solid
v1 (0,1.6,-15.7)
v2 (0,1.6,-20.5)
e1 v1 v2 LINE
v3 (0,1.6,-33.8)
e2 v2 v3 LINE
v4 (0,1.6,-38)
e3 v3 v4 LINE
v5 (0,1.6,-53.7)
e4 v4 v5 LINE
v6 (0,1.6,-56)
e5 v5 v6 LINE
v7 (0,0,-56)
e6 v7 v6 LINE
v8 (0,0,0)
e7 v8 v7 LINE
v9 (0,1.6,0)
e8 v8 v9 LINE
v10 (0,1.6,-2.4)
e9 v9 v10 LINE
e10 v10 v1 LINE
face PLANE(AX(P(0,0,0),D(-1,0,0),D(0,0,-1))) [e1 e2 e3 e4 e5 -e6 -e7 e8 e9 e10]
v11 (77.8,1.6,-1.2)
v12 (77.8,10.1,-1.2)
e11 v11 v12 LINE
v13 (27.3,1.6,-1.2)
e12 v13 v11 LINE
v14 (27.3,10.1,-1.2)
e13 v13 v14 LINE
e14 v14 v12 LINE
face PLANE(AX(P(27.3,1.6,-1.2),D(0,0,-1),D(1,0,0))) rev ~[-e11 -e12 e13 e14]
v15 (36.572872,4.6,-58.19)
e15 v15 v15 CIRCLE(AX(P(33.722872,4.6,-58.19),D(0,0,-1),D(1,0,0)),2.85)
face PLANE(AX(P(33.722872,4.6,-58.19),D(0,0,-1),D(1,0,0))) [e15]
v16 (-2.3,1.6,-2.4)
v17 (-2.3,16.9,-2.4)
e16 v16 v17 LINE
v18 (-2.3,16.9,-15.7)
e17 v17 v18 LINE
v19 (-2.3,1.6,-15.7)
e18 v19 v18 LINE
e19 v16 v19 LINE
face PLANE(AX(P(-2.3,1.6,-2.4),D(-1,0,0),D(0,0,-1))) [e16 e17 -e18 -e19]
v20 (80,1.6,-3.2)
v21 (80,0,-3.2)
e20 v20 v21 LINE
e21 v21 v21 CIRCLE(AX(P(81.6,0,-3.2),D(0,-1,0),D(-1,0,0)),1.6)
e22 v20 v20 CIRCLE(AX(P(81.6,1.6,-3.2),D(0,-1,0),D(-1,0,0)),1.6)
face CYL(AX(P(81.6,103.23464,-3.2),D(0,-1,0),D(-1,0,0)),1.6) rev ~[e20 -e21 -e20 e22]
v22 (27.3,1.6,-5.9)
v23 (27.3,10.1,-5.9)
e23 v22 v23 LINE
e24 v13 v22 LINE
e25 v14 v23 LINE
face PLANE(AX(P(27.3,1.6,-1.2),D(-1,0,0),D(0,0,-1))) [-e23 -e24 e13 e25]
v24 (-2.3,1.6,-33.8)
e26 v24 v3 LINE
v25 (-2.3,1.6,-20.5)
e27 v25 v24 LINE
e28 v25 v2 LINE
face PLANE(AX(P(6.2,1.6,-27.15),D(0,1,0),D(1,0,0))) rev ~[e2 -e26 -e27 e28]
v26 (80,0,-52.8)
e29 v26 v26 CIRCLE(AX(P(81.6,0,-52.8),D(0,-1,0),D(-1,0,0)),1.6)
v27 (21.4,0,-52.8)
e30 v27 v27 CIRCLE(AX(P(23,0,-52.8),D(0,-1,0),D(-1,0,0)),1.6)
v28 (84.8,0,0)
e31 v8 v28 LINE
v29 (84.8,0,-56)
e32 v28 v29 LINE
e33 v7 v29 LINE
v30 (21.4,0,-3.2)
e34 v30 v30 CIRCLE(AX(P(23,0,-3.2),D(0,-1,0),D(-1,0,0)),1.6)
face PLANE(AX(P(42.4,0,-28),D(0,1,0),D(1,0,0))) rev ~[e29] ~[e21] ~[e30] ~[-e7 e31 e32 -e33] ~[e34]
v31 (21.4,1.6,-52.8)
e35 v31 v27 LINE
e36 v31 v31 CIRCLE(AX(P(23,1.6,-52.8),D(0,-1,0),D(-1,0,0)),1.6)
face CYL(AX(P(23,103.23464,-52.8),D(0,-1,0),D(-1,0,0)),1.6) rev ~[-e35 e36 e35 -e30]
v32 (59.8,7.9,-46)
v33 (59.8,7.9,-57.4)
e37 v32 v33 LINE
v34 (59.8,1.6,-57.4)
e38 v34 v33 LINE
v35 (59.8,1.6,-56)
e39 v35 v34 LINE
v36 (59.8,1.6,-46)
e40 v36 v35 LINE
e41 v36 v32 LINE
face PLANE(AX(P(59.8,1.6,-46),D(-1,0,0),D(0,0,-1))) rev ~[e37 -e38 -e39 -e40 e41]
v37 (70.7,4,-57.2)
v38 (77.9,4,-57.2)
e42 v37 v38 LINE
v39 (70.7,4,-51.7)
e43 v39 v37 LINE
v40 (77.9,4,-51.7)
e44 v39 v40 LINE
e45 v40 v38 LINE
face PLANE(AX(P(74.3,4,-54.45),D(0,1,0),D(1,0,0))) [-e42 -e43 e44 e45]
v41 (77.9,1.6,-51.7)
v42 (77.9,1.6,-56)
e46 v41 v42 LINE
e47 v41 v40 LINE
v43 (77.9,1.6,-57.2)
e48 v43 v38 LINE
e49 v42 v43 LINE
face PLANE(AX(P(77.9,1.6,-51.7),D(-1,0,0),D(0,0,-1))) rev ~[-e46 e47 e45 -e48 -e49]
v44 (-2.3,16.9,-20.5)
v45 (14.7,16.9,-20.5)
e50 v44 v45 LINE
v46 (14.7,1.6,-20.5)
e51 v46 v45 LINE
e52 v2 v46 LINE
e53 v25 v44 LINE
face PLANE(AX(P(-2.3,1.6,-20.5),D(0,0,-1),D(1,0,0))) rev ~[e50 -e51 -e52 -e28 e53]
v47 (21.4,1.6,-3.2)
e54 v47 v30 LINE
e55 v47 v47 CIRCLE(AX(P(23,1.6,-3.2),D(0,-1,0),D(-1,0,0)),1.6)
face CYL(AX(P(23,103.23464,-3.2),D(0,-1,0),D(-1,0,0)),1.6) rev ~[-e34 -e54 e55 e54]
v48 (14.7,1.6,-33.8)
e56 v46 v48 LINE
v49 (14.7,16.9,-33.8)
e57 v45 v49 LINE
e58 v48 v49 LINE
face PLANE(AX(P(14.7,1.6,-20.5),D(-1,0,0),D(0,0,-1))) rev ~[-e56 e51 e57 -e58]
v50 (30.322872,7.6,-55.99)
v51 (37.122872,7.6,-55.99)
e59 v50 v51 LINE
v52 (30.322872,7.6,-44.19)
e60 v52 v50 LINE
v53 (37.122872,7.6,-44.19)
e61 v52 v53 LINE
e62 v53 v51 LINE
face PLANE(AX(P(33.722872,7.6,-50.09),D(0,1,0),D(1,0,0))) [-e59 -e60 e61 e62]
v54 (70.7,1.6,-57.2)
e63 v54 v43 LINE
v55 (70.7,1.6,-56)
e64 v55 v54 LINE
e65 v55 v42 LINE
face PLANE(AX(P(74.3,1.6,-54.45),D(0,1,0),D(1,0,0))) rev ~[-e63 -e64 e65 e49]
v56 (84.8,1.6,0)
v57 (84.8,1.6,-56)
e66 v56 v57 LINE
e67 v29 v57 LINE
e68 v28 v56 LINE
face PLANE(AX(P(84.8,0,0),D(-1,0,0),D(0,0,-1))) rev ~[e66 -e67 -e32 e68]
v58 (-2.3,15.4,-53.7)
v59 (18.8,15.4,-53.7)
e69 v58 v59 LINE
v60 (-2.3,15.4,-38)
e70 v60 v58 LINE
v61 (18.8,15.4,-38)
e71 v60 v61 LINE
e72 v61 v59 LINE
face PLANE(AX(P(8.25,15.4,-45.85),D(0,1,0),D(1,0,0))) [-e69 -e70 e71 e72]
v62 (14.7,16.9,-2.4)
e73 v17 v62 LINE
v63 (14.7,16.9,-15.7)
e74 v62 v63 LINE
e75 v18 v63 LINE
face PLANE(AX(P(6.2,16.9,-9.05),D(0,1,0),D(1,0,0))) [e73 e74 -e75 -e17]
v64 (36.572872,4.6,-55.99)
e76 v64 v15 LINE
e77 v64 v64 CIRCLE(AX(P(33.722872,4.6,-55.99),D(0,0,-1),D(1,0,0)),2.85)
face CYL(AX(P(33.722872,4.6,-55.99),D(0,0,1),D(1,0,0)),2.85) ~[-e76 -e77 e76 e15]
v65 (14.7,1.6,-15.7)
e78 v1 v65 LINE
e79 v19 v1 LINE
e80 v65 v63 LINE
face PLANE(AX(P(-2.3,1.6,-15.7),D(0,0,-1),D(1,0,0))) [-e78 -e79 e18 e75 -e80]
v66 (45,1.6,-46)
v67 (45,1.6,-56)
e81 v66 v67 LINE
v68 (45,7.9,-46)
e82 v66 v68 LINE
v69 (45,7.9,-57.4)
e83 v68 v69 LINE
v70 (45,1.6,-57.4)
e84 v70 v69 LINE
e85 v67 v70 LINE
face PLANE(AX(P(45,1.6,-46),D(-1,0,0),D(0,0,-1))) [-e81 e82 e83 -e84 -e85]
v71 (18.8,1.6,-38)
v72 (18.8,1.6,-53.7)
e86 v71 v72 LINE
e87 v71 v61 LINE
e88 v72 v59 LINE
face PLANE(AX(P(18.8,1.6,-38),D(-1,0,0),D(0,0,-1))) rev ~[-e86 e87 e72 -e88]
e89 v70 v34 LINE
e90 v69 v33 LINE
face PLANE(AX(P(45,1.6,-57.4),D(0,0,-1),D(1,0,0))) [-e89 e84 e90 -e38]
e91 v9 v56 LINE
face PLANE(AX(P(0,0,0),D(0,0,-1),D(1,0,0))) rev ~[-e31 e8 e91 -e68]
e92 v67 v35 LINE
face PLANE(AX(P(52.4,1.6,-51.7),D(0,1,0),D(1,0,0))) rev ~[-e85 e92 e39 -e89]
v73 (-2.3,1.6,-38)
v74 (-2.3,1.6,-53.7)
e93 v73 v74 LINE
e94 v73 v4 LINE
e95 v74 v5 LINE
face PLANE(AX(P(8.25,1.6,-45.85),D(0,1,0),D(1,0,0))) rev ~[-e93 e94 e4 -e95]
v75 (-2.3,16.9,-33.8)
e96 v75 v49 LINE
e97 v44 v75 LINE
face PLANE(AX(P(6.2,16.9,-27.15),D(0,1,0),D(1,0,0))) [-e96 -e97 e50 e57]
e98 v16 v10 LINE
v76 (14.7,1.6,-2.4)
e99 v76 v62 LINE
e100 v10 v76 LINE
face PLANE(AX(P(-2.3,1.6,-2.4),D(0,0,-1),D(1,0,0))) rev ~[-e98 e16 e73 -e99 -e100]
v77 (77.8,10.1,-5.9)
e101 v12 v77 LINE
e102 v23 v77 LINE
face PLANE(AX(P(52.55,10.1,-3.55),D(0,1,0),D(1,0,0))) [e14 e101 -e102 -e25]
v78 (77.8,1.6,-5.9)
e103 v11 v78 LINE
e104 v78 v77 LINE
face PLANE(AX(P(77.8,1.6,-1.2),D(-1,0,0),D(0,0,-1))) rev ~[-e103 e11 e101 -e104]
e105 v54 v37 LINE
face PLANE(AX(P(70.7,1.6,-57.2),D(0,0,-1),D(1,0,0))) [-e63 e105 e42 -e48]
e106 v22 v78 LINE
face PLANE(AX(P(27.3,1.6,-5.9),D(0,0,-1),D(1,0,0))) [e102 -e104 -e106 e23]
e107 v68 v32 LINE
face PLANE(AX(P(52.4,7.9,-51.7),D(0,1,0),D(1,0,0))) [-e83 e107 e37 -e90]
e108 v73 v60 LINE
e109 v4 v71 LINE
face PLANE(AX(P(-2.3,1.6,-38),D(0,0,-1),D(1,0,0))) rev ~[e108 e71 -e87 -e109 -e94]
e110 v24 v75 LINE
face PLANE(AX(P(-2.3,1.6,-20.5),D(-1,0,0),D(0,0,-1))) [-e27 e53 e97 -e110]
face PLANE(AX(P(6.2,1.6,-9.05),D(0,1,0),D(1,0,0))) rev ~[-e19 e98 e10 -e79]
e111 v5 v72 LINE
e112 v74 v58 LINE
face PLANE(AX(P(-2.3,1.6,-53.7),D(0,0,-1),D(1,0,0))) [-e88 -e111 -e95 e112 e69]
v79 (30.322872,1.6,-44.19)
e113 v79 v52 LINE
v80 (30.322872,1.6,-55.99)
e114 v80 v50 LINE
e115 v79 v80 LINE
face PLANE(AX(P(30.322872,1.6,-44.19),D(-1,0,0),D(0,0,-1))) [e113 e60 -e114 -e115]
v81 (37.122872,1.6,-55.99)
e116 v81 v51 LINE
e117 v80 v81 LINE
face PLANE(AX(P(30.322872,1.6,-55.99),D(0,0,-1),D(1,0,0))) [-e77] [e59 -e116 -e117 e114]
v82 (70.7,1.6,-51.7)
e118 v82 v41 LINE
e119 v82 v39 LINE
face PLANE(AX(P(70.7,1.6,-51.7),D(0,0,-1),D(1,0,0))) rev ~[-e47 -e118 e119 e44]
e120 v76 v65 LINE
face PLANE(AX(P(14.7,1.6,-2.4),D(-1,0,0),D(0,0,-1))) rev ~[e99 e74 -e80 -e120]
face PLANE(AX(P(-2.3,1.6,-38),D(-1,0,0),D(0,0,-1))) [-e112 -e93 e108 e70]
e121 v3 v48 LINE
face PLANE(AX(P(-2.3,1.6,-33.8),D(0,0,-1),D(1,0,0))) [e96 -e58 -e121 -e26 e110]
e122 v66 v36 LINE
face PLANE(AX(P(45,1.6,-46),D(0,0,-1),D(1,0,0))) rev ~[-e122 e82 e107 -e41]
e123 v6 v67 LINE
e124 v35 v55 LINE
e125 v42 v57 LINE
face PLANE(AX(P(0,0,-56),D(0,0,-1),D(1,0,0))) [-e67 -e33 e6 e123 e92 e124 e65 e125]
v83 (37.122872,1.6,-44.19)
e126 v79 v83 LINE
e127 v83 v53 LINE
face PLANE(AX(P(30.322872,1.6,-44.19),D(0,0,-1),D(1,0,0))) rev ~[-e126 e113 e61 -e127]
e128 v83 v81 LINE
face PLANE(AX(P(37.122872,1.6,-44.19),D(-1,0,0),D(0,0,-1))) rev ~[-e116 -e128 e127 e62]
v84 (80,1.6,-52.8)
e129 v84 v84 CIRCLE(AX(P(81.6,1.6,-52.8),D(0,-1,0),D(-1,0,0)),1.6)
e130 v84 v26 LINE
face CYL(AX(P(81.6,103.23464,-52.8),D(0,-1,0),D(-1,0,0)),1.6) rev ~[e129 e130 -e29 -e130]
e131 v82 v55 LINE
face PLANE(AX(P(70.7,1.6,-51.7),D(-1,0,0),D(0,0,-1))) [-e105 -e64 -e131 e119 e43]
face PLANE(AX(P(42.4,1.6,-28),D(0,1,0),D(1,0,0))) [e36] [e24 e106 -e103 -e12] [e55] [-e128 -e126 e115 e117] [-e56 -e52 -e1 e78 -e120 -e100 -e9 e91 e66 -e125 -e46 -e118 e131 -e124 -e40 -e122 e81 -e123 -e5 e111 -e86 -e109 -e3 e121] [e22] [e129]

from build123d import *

# Parameters (mm, degrees)
SKETCH1_W            = 84.8
SKETCH1_H            = 56
BOSS_EXTRUDE1_DEPTH  = 1.6
M3_CLEARANCE_SLOT1_D = 3.2
SKETCH5_W            = 50.5
SKETCH5_H            = 4.7
BOSS_EXTRUDE2_DEPTH  = 8.5
SKETCH6_W            = 21.1
SKETCH6_H            = 15.7
BOSS_EXTRUDE3_DEPTH  = 13.8
SKETCH7_W            = 17
SKETCH7_H            = 13.3
BOSS_EXTRUDE4_DEPTH  = 15.3
SKETCH8_W            = 7.2
SKETCH8_H            = 5.5
BOSS_EXTRUDE5_DEPTH  = 2.4
SKETCH9_W            = 14.8
SKETCH9_H            = 11.4
BOSS_EXTRUDE6_DEPTH  = 6.3
SKETCH10_W           = 6.8
SKETCH10_H           = 11.8
BOSS_EXTRUDE7_DEPTH  = 6
SKETCH11_R           = 2.85
BOSS_EXTRUDE8_DEPTH  = 2.2


with BuildPart() as part:
    # Sketch1 → Boss-Extrude1 (new body)
    with BuildSketch(Plane(origin=(0, 0, 0), x_dir=(1, 0, 0), z_dir=(0, 1, 0))):
        with Locations((42.4, 28)):
            Rectangle(SKETCH1_W, SKETCH1_H)
    extrude(amount=BOSS_EXTRUDE1_DEPTH)

    # M3 Clearance Slot1 (through all)
    with Locations(Plane(origin=(0, 1.6, 0), x_dir=(1, 0, 0), z_dir=(0, 1, 0))):
        with Locations((81.6, 3.2), (81.6, 52.8), (23, 52.8), (23, 3.2)):
            Hole(M3_CLEARANCE_SLOT1_D / 2)

    # Sketch5 → Boss-Extrude2 (add)
    with BuildSketch(Plane(origin=(0, 1.6, 0), x_dir=(1, 0, 0), z_dir=(0, 1, 0))):
        with Locations((52.55, 3.55)):
            Rectangle(SKETCH5_W, SKETCH5_H)
    extrude(amount=BOSS_EXTRUDE2_DEPTH)

    # Sketch6 → Boss-Extrude3 (add)
    with BuildSketch(Plane(origin=(0, 1.6, 0), x_dir=(1, 0, 0), z_dir=(0, 1, 0))):
        with Locations((8.25, 45.85)):
            Rectangle(SKETCH6_W, SKETCH6_H)
    extrude(amount=BOSS_EXTRUDE3_DEPTH)

    # Sketch7 → Boss-Extrude4 (add)
    with BuildSketch(Plane(origin=(0, 1.6, 0), x_dir=(1, 0, 0), z_dir=(0, 1, 0))):
        with Locations((6.2, 27.15)):
            Rectangle(SKETCH7_W, SKETCH7_H)
        with Locations((6.2, 9.05)):
            Rectangle(SKETCH7_W, SKETCH7_H)
    extrude(amount=BOSS_EXTRUDE4_DEPTH)

    # Sketch8 → Boss-Extrude5 (add)
    with BuildSketch(Plane(origin=(0, 1.6, 0), x_dir=(1, 0, 0), z_dir=(0, 1, 0))):
        with Locations((74.3, 54.45)):
            Rectangle(SKETCH8_W, SKETCH8_H)
    extrude(amount=BOSS_EXTRUDE5_DEPTH)

    # Sketch9 → Boss-Extrude6 (add)
    with BuildSketch(Plane(origin=(0, 1.6, 0), x_dir=(1, 0, 0), z_dir=(0, 1, 0))):
        with Locations((52.4, 51.7)):
            Rectangle(SKETCH9_W, SKETCH9_H)
    extrude(amount=BOSS_EXTRUDE6_DEPTH)

    # Sketch10 → Boss-Extrude7 (add)
    with BuildSketch(Plane(origin=(0, 1.6, 0), x_dir=(1, 0, 0), z_dir=(0, 1, 0))):
        with Locations((33.722871629, 50.09)):
            Rectangle(SKETCH10_W, SKETCH10_H)
    extrude(amount=BOSS_EXTRUDE7_DEPTH)

    # Sketch11 → Boss-Extrude8 (add)
    with BuildSketch(Plane(origin=(0, 0, -55.99), x_dir=(-1, 0, 0), z_dir=(0, 0, -1))):
        with Locations(Location((-33.722871629, 4.6, 0), (0, 0, 180))):
            Circle(SKETCH11_R)
    extrude(amount=BOSS_EXTRUDE8_DEPTH)


solid = part.part
